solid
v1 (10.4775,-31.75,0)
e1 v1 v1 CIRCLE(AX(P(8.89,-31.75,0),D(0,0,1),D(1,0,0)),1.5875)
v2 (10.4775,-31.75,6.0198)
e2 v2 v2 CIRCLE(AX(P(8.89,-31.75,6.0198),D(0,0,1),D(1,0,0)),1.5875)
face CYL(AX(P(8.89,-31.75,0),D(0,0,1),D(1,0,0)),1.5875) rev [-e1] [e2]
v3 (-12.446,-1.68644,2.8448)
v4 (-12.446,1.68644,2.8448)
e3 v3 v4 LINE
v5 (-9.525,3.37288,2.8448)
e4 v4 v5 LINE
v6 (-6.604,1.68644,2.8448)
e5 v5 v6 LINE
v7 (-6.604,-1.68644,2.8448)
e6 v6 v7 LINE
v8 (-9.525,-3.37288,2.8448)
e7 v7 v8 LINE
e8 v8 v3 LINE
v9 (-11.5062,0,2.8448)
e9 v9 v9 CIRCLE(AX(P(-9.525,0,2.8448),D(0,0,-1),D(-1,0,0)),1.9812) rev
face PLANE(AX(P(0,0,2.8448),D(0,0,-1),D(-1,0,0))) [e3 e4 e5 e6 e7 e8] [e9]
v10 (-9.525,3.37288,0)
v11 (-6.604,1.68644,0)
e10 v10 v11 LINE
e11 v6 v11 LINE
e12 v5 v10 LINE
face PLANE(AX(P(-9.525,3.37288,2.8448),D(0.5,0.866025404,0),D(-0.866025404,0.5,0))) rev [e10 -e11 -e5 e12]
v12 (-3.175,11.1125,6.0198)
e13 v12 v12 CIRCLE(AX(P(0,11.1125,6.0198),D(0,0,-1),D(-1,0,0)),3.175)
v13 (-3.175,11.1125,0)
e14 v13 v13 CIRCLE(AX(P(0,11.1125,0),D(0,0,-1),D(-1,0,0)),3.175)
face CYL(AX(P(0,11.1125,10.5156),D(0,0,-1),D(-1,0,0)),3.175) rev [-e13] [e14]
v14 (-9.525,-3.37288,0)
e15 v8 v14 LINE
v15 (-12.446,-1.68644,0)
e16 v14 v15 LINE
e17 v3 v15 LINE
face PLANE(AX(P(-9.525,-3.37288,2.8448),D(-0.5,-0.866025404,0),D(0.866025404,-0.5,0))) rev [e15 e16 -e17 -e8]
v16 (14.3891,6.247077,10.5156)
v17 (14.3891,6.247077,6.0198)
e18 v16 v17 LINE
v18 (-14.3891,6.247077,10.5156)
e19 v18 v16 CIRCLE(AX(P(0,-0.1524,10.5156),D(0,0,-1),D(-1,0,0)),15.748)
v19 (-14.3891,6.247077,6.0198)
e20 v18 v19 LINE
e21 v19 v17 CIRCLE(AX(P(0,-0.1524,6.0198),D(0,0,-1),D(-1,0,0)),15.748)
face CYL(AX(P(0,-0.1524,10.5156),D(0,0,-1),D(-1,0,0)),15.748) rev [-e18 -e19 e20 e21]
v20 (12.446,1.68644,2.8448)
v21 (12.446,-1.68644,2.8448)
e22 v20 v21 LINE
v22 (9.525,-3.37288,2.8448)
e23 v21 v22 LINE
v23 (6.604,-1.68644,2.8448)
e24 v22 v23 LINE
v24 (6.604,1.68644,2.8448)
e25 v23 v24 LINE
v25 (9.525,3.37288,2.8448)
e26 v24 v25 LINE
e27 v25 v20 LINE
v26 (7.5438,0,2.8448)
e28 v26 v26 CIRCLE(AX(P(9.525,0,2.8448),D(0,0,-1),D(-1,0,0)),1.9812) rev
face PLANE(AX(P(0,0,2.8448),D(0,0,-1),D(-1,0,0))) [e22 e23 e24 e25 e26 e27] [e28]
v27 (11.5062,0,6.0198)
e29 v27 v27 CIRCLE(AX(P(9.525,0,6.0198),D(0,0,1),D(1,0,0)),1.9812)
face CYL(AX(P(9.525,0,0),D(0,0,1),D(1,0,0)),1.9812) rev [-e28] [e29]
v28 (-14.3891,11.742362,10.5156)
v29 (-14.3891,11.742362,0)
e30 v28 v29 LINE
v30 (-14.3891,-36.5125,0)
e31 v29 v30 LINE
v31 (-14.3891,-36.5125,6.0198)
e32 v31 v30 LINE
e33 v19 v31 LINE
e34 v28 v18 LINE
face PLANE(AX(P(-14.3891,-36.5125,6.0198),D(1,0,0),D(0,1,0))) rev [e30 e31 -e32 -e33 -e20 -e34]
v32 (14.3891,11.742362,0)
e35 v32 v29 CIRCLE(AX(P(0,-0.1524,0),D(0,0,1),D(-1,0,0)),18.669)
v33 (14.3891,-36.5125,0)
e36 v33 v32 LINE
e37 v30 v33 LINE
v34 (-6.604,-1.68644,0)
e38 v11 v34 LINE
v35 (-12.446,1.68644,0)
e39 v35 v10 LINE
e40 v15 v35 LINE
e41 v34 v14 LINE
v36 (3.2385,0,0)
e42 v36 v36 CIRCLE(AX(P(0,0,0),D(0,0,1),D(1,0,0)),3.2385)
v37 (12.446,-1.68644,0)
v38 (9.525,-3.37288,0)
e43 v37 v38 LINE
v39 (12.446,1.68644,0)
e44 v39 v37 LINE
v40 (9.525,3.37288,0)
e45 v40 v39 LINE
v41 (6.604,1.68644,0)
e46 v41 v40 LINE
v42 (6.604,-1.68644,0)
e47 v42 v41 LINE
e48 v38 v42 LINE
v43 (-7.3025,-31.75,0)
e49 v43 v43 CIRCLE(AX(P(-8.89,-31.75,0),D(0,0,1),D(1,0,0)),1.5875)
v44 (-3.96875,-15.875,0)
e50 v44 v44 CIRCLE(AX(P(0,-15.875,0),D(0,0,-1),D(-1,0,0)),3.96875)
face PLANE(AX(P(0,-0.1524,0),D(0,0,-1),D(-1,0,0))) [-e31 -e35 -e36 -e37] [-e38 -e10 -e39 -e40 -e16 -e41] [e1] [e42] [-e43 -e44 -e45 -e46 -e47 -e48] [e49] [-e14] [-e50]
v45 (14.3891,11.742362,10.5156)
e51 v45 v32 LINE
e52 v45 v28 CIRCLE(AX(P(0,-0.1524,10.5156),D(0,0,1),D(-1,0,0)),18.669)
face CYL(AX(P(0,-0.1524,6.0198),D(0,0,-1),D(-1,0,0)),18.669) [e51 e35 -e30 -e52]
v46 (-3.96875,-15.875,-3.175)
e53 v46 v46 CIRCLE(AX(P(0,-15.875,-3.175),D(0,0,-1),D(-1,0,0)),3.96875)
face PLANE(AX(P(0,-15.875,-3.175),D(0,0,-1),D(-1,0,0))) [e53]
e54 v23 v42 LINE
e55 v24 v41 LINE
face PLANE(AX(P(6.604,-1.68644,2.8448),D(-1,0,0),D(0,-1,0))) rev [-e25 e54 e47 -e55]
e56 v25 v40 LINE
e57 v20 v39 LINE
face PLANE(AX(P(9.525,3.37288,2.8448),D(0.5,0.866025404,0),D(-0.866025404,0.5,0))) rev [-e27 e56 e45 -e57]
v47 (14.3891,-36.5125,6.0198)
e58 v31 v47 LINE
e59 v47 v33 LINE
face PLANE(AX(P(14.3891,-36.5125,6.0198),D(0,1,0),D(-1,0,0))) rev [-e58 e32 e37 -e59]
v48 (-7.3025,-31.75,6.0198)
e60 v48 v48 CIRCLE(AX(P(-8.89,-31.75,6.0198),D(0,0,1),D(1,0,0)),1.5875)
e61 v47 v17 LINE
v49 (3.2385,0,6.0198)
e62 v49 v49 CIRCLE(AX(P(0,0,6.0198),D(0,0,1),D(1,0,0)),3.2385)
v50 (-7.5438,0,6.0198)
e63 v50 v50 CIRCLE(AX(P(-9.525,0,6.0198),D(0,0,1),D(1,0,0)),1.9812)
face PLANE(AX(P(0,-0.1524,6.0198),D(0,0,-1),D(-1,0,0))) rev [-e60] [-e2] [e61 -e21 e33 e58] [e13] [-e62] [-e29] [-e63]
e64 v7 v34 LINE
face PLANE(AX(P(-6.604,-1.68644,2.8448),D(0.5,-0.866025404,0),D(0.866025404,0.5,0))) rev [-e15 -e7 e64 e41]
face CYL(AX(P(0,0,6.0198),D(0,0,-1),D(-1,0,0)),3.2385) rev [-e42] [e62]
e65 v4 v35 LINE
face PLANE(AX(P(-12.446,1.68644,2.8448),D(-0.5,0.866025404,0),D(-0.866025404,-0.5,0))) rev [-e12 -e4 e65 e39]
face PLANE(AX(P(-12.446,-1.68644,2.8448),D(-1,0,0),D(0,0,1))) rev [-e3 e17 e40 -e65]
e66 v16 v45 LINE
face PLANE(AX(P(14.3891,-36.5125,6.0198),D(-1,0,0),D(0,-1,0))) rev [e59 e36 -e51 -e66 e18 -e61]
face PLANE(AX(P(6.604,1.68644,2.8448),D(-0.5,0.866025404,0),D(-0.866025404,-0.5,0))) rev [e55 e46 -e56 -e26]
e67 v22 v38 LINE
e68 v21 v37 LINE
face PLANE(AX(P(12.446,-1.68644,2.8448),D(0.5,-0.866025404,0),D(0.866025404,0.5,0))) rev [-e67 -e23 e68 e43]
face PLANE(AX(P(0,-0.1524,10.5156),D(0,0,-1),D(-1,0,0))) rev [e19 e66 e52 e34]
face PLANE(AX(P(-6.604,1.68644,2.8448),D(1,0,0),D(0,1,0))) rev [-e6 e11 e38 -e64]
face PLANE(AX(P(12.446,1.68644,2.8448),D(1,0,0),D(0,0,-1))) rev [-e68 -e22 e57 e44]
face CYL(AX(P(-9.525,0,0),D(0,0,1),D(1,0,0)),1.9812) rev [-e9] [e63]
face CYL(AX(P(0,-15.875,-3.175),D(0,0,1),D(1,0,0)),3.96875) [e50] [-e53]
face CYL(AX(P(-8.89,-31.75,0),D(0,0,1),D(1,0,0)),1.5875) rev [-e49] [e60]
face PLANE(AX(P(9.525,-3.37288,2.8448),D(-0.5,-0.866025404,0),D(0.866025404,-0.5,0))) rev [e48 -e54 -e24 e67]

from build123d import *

# Parameters (mm, degrees)
SKETCH2_R                            = 3.2385
BOSS_EXTRUDE1_DEPTH                  = 6.0198
BOSS_EXTRUDE5_DEPTH                  = 4.4958
SKETCH5_R                            = 1.9812
CUT_EXTRUDE2_ENCODERSCREWHOLES_DEPTH = 40.704494042
CUT_EXTRUDE4_DEPTH                   = 2.8448
SKETCH13_R                           = 1.5875
CUT_EXTRUDE5_DEPTH                   = 40.704494042
SKETCH7_R                            = 3.96875
BOSS_EXTRUDE4_DEPTH                  = 3.175
SKETCH14_R                           = 3.175
CUT_EXTRUDE6_DEPTH                   = 41.629874457


with BuildPart() as part:
    # Sketch2 → Boss-Extrude1 (new body)
    with BuildSketch(Plane.XY):
        with BuildLine():
            Line((14.3891, -36.5125), (-14.3891, -36.5125))
            Line((-14.3891, -36.5125), (-14.3891, 11.742361964))
            ThreePointArc((-14.3891, 11.742361964), (0, 18.5166), (14.3891, 11.742361964))
            Line((14.3891, 11.742361964), (14.3891, -36.5125))
        make_face()
        Circle(SKETCH2_R, mode=Mode.SUBTRACT)
    extrude(amount=BOSS_EXTRUDE1_DEPTH)

    # Sketch12 → Boss-Extrude5 (add)
    with BuildSketch(Plane.XY.offset(6.0198)):
        with BuildLine():
            Line((-14.3891, 6.247076947), (-14.3891, 11.742361964))
            ThreePointArc((-14.3891, 11.742361964), (0, 18.5166), (14.3891, 11.742361964))
            Line((14.3891, 11.742361964), (14.3891, 6.247076947))
            ThreePointArc((14.3891, 6.247076947), (0, 15.5956), (-14.3891, 6.247076947))
        make_face()
    extrude(amount=BOSS_EXTRUDE5_DEPTH)

    # Sketch5 → Cut-Extrude2_EncoderScrewHoles (cut, through all)
    with BuildSketch(Plane.XY.offset(6.0198)):
        with Locations((-9.525, 0)):
            Circle(SKETCH5_R)
        with Locations((9.525, 0)):
            Circle(SKETCH5_R)
    extrude(amount=-CUT_EXTRUDE2_ENCODERSCREWHOLES_DEPTH, mode=Mode.SUBTRACT)

    # Sketch11 → Cut-Extrude4 (cut)
    with BuildSketch(Plane(origin=(0, 0, 0), x_dir=(-1, 0, 0), z_dir=(0, 0, -1))):
        Polygon((9.525, -3.372880273), (12.446, -1.686440136), (12.446, 1.686440136), (9.525, 3.372880273), (6.604, 1.686440136), (6.604, -1.686440136), align=None)
        Polygon((-6.604, -1.686440136), (-6.604, 1.686440136), (-9.525, 3.372880273), (-12.446, 1.686440136), (-12.446, -1.686440136), (-9.525, -3.372880273), align=None)
    extrude(amount=-CUT_EXTRUDE4_DEPTH, mode=Mode.SUBTRACT)

    # Sketch13 → Cut-Extrude5 (cut, through all)
    with BuildSketch(Plane.XY.offset(6.0198)):
        with Locations((8.89, -31.75)):
            Circle(SKETCH13_R)
        with Locations((-8.89, -31.75)):
            Circle(SKETCH13_R)
    extrude(amount=-CUT_EXTRUDE5_DEPTH, mode=Mode.SUBTRACT)

    # Sketch7 → Boss-Extrude4 (add)
    with BuildSketch(Plane(origin=(0, 0, 0), x_dir=(-1, 0, 0), z_dir=(0, 0, -1))):
        with Locations((0, -15.875)):
            Circle(SKETCH7_R)
    extrude(amount=BOSS_EXTRUDE4_DEPTH)

    # Sketch14 → Cut-Extrude6 (cut, through all)
    with BuildSketch(Plane(origin=(0, 0, 0), x_dir=(-1, 0, 0), z_dir=(0, 0, -1))):
        with Locations((0, 11.1125)):
            Circle(SKETCH14_R)
    extrude(amount=-CUT_EXTRUDE6_DEPTH, mode=Mode.SUBTRACT)


solid = part.part
